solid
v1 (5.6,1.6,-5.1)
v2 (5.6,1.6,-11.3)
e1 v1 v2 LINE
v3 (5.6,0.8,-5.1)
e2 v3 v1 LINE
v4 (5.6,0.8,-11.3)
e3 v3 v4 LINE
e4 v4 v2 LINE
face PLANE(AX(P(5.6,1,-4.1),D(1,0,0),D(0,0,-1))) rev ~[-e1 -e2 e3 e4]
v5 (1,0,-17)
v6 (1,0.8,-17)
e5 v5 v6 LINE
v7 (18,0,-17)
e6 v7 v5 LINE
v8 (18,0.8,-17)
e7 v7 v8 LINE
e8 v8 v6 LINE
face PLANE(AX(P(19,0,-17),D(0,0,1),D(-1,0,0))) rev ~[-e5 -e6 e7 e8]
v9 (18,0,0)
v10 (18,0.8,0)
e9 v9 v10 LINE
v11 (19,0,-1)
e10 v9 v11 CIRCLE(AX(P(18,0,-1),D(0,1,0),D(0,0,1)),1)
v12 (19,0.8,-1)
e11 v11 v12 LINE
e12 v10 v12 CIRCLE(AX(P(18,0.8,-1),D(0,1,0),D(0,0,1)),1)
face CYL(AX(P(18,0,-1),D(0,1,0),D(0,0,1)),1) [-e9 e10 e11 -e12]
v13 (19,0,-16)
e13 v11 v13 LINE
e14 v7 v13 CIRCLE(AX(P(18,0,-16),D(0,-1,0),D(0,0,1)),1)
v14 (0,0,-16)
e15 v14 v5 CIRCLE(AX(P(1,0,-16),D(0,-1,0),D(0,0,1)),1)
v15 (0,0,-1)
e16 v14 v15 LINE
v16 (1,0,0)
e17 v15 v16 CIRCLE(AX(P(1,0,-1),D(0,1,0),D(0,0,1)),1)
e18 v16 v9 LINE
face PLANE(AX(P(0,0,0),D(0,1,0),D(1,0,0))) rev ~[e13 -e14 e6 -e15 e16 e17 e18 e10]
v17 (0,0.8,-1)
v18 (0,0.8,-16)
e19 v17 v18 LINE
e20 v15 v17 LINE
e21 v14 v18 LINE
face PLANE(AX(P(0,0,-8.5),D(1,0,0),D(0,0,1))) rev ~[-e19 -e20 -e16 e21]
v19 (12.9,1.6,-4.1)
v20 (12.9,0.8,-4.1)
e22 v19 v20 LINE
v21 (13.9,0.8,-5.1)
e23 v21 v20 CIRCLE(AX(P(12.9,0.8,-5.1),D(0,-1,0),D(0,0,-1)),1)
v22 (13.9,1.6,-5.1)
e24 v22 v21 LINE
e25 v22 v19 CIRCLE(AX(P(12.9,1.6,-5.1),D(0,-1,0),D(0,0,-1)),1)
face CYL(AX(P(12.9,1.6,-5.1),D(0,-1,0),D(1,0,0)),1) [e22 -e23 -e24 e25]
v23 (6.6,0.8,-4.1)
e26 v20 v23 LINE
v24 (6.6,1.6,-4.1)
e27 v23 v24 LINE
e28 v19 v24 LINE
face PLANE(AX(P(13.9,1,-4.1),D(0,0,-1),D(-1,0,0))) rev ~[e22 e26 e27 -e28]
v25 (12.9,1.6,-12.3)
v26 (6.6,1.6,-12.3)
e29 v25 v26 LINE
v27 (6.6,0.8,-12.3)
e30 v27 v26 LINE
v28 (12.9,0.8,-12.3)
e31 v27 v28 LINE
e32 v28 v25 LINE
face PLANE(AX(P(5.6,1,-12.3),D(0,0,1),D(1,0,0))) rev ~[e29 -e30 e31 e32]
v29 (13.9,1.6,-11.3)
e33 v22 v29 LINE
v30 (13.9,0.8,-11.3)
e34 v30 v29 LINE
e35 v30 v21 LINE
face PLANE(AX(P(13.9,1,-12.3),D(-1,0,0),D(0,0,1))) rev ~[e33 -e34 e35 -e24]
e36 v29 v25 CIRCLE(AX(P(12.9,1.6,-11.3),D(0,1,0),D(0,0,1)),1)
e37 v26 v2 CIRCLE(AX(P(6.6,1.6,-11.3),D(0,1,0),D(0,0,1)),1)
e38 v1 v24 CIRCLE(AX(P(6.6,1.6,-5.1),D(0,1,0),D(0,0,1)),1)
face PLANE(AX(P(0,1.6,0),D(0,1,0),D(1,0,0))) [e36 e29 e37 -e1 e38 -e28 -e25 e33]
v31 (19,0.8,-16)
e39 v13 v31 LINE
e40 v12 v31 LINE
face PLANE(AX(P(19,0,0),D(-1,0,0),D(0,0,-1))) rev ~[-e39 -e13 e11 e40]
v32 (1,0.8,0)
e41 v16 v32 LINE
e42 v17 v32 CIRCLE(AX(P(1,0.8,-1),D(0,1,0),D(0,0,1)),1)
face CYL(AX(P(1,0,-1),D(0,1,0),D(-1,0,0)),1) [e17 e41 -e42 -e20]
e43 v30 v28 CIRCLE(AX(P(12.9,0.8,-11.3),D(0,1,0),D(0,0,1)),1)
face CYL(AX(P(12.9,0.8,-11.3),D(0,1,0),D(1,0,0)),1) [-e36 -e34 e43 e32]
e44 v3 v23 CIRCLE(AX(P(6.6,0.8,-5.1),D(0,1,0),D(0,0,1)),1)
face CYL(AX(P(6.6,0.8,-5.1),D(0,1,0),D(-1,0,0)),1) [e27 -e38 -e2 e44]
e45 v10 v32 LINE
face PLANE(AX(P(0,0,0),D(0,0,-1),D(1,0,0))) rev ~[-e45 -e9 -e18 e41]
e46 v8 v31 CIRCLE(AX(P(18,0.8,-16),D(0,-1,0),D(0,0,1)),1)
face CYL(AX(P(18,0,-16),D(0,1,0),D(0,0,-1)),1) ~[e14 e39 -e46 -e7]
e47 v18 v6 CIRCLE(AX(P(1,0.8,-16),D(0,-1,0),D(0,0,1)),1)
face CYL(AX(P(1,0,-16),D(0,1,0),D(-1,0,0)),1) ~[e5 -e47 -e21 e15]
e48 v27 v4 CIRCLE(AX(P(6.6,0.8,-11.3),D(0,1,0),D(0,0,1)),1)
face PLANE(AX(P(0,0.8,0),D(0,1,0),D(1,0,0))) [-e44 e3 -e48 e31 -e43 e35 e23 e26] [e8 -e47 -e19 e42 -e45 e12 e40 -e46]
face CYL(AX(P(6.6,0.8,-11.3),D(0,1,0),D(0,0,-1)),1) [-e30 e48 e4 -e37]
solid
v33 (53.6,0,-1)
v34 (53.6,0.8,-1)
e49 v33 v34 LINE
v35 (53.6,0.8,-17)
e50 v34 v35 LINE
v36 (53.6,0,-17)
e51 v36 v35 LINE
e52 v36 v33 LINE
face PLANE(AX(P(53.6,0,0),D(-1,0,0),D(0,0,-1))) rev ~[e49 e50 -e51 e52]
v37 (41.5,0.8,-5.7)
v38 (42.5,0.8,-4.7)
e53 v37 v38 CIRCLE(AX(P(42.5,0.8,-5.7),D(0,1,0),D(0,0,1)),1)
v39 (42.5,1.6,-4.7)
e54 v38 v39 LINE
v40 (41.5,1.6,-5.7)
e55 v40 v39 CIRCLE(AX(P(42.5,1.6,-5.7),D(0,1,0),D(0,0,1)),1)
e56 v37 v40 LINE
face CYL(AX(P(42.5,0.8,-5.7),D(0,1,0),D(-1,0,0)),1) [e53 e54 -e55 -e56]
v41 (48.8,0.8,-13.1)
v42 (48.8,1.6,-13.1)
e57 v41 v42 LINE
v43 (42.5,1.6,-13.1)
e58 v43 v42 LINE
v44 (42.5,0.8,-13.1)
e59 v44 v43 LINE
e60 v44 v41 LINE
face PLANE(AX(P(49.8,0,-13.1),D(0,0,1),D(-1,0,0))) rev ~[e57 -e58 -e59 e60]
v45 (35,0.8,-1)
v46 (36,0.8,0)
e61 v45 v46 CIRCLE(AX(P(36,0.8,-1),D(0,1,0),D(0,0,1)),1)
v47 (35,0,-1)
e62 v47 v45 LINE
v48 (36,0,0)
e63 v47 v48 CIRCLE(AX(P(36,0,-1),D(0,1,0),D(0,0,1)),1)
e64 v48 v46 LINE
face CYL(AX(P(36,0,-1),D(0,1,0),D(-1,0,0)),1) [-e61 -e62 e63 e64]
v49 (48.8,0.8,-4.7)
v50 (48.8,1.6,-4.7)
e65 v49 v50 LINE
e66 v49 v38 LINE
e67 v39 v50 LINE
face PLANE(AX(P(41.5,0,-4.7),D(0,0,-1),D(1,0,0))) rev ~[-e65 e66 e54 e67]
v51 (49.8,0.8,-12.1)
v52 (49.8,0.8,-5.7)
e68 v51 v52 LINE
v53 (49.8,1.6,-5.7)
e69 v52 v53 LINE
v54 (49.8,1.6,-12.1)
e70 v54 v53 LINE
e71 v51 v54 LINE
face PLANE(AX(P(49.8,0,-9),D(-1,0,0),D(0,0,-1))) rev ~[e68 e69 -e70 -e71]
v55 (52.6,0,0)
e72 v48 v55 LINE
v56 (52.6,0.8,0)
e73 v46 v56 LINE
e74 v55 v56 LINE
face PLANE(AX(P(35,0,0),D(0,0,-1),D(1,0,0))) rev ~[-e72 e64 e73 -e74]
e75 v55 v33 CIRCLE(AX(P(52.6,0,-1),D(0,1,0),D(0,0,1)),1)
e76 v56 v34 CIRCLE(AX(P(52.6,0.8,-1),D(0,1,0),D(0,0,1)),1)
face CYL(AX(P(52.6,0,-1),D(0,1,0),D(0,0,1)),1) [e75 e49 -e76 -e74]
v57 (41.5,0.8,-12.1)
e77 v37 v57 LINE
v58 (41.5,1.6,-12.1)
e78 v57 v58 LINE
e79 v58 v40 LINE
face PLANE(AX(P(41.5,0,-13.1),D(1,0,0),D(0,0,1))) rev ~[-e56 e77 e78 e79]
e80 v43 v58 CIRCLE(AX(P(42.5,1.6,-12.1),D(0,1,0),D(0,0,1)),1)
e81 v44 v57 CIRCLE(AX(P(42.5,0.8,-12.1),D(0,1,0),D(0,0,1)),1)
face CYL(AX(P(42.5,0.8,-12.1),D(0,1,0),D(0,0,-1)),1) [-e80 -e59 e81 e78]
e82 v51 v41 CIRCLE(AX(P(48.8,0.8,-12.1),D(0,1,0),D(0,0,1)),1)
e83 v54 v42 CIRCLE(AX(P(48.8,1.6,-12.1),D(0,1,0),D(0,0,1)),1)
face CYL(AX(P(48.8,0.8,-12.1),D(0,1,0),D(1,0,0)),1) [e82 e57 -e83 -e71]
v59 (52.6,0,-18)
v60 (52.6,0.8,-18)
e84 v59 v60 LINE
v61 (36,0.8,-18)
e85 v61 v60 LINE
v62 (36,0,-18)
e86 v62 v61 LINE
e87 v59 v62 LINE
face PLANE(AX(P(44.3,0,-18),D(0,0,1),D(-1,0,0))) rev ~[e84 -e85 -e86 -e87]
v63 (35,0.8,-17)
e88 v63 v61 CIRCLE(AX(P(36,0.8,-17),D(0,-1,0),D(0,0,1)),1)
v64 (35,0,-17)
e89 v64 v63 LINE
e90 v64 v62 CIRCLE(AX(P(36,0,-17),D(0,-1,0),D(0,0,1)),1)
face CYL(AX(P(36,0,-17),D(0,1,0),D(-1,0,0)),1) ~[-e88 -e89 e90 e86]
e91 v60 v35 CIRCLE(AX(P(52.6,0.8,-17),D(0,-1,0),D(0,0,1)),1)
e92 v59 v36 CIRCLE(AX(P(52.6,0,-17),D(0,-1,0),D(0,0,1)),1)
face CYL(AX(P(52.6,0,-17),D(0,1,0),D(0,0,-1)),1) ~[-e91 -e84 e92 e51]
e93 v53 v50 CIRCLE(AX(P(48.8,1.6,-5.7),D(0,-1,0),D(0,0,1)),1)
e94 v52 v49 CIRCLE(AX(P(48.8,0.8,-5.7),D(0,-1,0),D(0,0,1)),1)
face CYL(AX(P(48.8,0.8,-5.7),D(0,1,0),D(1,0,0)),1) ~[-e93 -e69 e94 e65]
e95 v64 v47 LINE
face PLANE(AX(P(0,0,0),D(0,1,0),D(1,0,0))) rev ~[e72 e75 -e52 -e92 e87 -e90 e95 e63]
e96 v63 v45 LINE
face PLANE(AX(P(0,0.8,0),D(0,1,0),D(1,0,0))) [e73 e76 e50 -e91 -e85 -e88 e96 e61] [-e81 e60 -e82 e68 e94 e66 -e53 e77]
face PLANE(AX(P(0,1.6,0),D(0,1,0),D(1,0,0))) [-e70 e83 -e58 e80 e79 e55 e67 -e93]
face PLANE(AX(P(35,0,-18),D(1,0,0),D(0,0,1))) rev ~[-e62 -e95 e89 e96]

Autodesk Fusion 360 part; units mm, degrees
sketch "Sketch1" plane through (0, 0, 0) normal (0, 1, 0) x (1, 0, 0)
  line L0 (0, 0) -> (19, 0)
  line L1 (19, 0) -> (19, 17)
  line L2 (19, 17) -> (0, 17)
  line L3 (0, 17) -> (0, 0)
  line L4 (9.5, 0) -> (9.5, 12.3)
  line L5 (0, 8.5) -> (13.9, 8.5)
  line L6 (13.9, 12.3) -> (5.6, 12.3)
  line L7 (5.6, 12.3) -> (5.6, 4.1)
  line L8 (5.6, 4.1) -> (13.9, 4.1)
  line L9 (13.9, 4.1) -> (13.9, 12.3)
  dimension "d1" = 19
  dimension "d2" = 17
  dimension "d3" = 12.3
  dimension "d4" = 13.9
  dimension "d5" = 8.3
  dimension "d6" = 8.2
extrude "Extrude1" add sketch "Sketch1" along normal blind 1 makes body 1
extrude "Extrude2" add sketch "Sketch1" along normal blind 1.6 contours L4 L5 L7 L8 | L4 L5 L8 L9 | L4 L5 L6 L7 | L4 L5 L6 L9 bodies 1
extrude "Extrude3" cut 1 faces at (1.8667, 1, -9.7667) along direction (0, -1, 0) blind 0.2 on bodies 1 bodies 1
fillet "Fillet1" radius 1 4 edges at (5.6, 1.2, -4.1) (13.9, 1.2, -4.1) (13.9, 1.2, -12.3) (5.6, 1.2, -12.3) on bodies 1
fillet "Fillet2" radius 1 4 edges at (19, 0.4, -17) (0, 0.4, -17) (0, 0.4, 0) (19, 0.4, 0) on bodies 1
sketch "Sketch2" plane through (0, 0, 0) normal (0, 1, 0) x (1, 0, 0)
  line L0 (35, 0) -> (53.6, 0)
  line L1 (53.6, 0) -> (53.6, 18)
  line L2 (53.6, 18) -> (35, 18)
  line L3 (35, 18) -> (35, 0)
  line L4 (53.6, 9) -> (49.8, 9)
  line L5 (44.3, 18) -> (44.3, 13.1)
  line L6 (49.8, 13.1) -> (41.5, 13.1)
  line L7 (41.5, 13.1) -> (41.5, 4.7)
  line L8 (41.5, 4.7) -> (49.8, 4.7)
  line L9 (49.8, 4.7) -> (49.8, 13.1)
  dimension "d17" = 18.6
  dimension "d18" = 18
  dimension "d19" = 3.8
  dimension "d20" = 4.9
  dimension "d21" = 8.3
  dimension "d22" = 8.4
extrude "Extrude4" add sketch "Sketch2" along normal blind 0.8 separate body makes body 2
extrude "Extrude5" add sketch "Sketch2" along normal blind 1.6 contours L6 L7 L8 L9 bodies 2
fillet "Fillet3" radius 1 8 edges at (41.5, 1.2, -4.7) (35, 0.4, 0) (35, 0.4, -18) (49.8, 1.2, -13.1) (41.5, 1.2, -13.1) (53.6, 0.4, -18) (49.8, 1.2, -4.7) (53.6, 0.4, 0) on bodies 2
equation "d3 = 25.6 mm - 13.3 mm"
equation "d4 = 63.1 mm - 49.2 mm"
